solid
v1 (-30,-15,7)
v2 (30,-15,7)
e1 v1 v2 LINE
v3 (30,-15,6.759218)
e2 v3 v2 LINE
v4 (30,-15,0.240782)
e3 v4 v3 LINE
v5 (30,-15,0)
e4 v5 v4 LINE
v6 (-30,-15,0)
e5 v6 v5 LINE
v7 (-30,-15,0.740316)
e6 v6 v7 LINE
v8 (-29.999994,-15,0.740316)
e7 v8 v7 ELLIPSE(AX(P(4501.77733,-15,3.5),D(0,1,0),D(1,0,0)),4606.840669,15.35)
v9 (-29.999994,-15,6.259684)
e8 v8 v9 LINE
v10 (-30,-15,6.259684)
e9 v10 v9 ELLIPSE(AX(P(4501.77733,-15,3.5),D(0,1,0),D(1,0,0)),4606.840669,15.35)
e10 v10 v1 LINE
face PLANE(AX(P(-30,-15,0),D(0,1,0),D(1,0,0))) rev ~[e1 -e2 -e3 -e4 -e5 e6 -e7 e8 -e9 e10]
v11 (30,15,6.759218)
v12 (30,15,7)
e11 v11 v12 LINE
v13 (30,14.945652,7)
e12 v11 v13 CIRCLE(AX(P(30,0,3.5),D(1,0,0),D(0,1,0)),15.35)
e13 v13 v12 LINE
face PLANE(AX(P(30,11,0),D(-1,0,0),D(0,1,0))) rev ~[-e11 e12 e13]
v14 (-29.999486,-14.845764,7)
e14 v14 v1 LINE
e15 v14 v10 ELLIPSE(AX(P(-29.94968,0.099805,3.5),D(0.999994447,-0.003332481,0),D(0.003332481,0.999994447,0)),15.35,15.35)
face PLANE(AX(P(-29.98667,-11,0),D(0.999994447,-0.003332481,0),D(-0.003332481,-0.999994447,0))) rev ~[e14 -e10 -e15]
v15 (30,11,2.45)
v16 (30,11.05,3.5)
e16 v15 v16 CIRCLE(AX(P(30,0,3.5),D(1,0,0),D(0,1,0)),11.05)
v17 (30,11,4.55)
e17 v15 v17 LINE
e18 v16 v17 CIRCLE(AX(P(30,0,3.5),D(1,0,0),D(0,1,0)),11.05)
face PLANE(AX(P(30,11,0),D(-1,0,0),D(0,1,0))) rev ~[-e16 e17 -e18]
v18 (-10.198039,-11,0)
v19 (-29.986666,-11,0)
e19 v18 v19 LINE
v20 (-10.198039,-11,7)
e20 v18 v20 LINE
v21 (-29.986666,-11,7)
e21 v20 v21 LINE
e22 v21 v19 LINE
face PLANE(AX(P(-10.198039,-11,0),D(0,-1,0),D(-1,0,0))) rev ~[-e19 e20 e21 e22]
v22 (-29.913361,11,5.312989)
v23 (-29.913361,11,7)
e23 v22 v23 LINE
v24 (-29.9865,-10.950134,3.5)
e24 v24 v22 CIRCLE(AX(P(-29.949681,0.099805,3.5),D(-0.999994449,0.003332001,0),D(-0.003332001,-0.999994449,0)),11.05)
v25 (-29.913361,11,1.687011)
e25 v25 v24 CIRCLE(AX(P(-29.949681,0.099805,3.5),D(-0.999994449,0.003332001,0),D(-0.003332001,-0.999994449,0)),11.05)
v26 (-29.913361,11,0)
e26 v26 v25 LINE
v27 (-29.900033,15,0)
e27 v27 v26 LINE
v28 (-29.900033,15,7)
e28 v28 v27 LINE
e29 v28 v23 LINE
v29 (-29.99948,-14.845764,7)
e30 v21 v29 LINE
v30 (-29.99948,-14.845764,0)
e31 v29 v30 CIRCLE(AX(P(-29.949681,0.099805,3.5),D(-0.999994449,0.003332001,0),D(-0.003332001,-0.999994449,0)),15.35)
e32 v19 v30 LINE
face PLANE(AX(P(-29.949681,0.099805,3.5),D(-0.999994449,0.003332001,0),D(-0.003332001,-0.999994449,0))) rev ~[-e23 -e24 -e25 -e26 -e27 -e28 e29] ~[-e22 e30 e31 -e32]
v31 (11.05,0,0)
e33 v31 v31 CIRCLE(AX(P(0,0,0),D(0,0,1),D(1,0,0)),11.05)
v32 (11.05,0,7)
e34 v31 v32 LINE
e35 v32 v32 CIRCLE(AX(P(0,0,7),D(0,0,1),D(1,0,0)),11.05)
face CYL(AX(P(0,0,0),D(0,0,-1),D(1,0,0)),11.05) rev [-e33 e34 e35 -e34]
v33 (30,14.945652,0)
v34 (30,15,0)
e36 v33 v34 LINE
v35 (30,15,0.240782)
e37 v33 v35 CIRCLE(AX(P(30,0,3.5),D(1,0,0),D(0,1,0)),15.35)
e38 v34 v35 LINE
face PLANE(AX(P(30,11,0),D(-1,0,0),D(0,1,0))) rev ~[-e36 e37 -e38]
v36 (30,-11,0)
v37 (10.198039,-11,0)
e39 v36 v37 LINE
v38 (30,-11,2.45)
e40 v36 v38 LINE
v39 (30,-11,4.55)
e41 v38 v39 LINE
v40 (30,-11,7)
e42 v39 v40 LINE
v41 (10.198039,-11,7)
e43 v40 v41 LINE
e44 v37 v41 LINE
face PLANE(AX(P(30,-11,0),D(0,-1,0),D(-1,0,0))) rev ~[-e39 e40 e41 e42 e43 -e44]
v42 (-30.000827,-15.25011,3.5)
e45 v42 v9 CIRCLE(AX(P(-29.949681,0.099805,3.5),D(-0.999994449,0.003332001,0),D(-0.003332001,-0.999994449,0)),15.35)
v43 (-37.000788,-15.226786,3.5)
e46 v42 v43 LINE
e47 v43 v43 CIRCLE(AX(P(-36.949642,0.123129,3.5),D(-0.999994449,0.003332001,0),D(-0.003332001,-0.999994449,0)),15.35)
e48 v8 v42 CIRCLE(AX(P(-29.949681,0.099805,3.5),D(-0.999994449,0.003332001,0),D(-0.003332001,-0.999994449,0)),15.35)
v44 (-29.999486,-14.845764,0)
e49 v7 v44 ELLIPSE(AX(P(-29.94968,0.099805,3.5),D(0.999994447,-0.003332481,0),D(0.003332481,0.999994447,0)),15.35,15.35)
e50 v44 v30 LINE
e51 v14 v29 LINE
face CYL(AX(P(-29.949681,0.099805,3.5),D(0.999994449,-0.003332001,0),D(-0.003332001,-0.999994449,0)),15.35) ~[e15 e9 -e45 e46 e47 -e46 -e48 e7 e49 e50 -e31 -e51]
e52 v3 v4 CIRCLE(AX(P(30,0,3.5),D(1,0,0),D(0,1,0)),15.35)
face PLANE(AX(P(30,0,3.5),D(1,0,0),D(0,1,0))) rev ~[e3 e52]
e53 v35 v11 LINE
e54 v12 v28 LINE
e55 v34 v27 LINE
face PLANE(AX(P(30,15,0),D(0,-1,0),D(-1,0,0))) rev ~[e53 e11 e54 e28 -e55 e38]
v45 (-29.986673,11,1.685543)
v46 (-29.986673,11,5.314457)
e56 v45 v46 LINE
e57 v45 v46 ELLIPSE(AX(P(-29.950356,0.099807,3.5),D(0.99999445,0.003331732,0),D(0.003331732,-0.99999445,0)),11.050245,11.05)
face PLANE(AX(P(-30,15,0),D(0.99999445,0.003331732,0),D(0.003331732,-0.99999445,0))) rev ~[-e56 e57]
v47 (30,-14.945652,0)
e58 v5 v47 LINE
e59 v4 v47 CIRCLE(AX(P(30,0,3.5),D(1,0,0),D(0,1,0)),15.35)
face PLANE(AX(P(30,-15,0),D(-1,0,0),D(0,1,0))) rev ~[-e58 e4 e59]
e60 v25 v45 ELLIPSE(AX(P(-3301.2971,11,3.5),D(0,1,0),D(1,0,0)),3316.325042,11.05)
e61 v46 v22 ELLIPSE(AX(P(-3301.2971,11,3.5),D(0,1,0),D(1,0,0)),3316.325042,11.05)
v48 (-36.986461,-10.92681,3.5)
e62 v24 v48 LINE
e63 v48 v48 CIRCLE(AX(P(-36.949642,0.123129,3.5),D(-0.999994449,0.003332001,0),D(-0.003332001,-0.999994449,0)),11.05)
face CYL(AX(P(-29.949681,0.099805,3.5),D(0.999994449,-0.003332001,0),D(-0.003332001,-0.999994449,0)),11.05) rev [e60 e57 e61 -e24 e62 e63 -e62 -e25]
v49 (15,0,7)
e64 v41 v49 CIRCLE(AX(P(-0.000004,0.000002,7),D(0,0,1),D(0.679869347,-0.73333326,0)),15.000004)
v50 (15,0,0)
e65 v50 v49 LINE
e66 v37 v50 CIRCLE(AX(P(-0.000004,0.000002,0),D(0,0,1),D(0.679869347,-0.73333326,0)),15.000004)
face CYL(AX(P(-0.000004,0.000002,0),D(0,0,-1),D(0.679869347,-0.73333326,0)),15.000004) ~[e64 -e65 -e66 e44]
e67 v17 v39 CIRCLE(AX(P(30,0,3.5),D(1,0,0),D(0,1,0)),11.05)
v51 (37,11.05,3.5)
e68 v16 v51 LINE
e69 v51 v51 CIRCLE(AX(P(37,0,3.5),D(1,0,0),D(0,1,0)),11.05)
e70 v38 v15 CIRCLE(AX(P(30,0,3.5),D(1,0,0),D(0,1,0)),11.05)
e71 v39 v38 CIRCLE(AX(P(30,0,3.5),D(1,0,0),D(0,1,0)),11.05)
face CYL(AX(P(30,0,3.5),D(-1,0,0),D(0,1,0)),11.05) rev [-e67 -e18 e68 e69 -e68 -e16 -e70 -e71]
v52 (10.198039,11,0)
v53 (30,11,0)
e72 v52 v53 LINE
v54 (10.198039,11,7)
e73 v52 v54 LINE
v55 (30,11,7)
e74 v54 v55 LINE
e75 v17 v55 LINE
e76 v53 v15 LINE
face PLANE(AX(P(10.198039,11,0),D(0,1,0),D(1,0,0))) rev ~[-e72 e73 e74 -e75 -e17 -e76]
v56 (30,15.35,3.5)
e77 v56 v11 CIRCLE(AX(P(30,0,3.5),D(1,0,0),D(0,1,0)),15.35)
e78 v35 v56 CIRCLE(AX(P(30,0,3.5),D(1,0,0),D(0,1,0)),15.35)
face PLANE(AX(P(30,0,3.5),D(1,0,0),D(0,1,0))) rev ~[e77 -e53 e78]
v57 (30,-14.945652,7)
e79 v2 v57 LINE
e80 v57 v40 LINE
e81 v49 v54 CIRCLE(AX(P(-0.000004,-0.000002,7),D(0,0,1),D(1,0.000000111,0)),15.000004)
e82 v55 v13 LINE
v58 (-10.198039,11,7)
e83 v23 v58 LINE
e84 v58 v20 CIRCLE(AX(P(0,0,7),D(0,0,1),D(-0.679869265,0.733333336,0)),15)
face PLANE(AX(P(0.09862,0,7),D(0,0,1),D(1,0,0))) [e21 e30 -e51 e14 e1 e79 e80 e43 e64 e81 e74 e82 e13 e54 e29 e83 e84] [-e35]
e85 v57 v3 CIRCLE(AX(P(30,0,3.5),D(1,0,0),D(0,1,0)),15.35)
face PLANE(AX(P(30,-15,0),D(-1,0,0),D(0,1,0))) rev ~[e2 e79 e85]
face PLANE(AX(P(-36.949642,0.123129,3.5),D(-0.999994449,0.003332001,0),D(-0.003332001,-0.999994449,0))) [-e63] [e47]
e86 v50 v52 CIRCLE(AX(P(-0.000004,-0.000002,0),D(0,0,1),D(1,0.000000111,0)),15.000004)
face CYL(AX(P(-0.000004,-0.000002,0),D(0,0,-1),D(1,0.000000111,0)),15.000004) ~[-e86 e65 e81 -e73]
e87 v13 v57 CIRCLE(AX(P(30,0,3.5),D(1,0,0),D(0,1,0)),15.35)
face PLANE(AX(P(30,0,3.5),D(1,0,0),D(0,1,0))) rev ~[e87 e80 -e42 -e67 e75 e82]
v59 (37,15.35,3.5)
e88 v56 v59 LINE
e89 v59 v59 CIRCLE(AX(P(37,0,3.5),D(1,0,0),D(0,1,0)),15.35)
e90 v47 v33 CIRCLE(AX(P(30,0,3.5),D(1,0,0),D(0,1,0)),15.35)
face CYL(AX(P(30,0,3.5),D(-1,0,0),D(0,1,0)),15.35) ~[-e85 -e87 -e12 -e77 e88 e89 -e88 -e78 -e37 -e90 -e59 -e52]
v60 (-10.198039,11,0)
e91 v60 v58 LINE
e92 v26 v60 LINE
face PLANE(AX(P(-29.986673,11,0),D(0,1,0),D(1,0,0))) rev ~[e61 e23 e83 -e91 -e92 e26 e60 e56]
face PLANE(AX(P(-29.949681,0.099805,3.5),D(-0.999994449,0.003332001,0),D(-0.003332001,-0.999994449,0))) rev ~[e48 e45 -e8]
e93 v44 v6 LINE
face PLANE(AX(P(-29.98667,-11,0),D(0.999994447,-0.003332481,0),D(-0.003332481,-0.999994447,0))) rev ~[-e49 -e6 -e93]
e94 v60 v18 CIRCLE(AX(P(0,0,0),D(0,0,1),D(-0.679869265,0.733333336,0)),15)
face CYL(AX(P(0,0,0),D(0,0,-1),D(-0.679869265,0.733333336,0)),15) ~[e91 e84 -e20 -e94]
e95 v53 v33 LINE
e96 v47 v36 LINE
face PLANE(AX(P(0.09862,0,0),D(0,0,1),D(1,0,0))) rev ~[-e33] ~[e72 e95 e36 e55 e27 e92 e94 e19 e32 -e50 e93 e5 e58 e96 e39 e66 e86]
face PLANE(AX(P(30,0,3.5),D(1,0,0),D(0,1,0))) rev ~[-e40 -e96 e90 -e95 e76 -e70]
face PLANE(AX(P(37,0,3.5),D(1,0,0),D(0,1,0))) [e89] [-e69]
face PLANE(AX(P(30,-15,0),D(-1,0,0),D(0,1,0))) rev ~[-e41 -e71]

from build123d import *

# Parameters (mm, degrees)
F0_R     = 11.05
F1_DEPTH = 7
F2_R     = 15.35
F2_R_2   = 11.05
F3_DEPTH = 7
F4_R     = 15.35
F4_R_2   = 11.05
F5_DEPTH = 7


with BuildPart() as f1:
    # F0 (on Top) → F1 (new body)
    with BuildSketch(Plane.XY):
        with BuildLine():
            ThreePointArc((10.198039, -11), (13.747192, -6.001225), (15, 0))
            ThreePointArc((15, 0), (13.747192, 6.001225), (10.198039, 11))
            ThreePointArc((10.198039, 11), (5.477226, 13.96424), (0, 15))
            ThreePointArc((0, 15), (-5.477226, 13.96424), (-10.198039, 11))
            ThreePointArc((-10.198039, 11), (-15, 0), (-10.198039, -11))
            ThreePointArc((-10.198039, -11), (-5.477226, -13.96424), (0, -15))
            ThreePointArc((0, -15), (5.477226, -13.96424), (10.198039, -11))
        make_face()
        Circle(F0_R, mode=Mode.SUBTRACT)
        with BuildLine():
            ThreePointArc((0, 15), (5.477226, 13.96424), (10.198039, 11))
            Line((10.198039, 11), (30, 11))
            Line((30, 11), (30, 15))
            Line((30, 15), (0, 15))
        make_face()
        with BuildLine():
            Line((30, -11), (10.198039, -11))
            ThreePointArc((10.198039, -11), (5.477226, -13.96424), (0, -15))
            Line((0, -15), (30, -15))
            Line((30, -15), (30, -11))
        make_face()
        with BuildLine():
            ThreePointArc((-10.198039, 11), (-5.477226, 13.96424), (0, 15))
            Line((0, 15), (-30, 15))
            Line((-30, 15), (-29.986673, 11))
            Line((-29.986673, 11), (-10.198039, 11))
        make_face()
        with BuildLine():
            Line((-30, -15), (0, -15))
            ThreePointArc((0, -15), (-5.477226, -13.96424), (-10.198039, -11))
            Line((-10.198039, -11), (-29.98667, -11))
            Line((-29.98667, -11), (-30, -15))
        make_face()
    extrude(amount=F1_DEPTH)

    # F2 (on face) → F3 (join)
    with BuildSketch(Plane(origin=(-29.949681, 0.099805, 0), x_dir=(-0.003332, -0.999994, 0), z_dir=(-0.999994, 0.003332, 0))):
        with Locations((0, 3.5)):
            Circle(F2_R)
        with Locations((0, 3.5)):
            Circle(F2_R_2, mode=Mode.SUBTRACT)
    extrude(amount=F3_DEPTH)

    # F4 (on face) → F5 (join)
    with BuildSketch(Plane.YZ.offset(30)):
        with Locations((0, 3.5)):
            Circle(F4_R)
        with Locations((0, 3.5)):
            Circle(F4_R_2, mode=Mode.SUBTRACT)
    extrude(amount=F5_DEPTH)


solid = f1.part
